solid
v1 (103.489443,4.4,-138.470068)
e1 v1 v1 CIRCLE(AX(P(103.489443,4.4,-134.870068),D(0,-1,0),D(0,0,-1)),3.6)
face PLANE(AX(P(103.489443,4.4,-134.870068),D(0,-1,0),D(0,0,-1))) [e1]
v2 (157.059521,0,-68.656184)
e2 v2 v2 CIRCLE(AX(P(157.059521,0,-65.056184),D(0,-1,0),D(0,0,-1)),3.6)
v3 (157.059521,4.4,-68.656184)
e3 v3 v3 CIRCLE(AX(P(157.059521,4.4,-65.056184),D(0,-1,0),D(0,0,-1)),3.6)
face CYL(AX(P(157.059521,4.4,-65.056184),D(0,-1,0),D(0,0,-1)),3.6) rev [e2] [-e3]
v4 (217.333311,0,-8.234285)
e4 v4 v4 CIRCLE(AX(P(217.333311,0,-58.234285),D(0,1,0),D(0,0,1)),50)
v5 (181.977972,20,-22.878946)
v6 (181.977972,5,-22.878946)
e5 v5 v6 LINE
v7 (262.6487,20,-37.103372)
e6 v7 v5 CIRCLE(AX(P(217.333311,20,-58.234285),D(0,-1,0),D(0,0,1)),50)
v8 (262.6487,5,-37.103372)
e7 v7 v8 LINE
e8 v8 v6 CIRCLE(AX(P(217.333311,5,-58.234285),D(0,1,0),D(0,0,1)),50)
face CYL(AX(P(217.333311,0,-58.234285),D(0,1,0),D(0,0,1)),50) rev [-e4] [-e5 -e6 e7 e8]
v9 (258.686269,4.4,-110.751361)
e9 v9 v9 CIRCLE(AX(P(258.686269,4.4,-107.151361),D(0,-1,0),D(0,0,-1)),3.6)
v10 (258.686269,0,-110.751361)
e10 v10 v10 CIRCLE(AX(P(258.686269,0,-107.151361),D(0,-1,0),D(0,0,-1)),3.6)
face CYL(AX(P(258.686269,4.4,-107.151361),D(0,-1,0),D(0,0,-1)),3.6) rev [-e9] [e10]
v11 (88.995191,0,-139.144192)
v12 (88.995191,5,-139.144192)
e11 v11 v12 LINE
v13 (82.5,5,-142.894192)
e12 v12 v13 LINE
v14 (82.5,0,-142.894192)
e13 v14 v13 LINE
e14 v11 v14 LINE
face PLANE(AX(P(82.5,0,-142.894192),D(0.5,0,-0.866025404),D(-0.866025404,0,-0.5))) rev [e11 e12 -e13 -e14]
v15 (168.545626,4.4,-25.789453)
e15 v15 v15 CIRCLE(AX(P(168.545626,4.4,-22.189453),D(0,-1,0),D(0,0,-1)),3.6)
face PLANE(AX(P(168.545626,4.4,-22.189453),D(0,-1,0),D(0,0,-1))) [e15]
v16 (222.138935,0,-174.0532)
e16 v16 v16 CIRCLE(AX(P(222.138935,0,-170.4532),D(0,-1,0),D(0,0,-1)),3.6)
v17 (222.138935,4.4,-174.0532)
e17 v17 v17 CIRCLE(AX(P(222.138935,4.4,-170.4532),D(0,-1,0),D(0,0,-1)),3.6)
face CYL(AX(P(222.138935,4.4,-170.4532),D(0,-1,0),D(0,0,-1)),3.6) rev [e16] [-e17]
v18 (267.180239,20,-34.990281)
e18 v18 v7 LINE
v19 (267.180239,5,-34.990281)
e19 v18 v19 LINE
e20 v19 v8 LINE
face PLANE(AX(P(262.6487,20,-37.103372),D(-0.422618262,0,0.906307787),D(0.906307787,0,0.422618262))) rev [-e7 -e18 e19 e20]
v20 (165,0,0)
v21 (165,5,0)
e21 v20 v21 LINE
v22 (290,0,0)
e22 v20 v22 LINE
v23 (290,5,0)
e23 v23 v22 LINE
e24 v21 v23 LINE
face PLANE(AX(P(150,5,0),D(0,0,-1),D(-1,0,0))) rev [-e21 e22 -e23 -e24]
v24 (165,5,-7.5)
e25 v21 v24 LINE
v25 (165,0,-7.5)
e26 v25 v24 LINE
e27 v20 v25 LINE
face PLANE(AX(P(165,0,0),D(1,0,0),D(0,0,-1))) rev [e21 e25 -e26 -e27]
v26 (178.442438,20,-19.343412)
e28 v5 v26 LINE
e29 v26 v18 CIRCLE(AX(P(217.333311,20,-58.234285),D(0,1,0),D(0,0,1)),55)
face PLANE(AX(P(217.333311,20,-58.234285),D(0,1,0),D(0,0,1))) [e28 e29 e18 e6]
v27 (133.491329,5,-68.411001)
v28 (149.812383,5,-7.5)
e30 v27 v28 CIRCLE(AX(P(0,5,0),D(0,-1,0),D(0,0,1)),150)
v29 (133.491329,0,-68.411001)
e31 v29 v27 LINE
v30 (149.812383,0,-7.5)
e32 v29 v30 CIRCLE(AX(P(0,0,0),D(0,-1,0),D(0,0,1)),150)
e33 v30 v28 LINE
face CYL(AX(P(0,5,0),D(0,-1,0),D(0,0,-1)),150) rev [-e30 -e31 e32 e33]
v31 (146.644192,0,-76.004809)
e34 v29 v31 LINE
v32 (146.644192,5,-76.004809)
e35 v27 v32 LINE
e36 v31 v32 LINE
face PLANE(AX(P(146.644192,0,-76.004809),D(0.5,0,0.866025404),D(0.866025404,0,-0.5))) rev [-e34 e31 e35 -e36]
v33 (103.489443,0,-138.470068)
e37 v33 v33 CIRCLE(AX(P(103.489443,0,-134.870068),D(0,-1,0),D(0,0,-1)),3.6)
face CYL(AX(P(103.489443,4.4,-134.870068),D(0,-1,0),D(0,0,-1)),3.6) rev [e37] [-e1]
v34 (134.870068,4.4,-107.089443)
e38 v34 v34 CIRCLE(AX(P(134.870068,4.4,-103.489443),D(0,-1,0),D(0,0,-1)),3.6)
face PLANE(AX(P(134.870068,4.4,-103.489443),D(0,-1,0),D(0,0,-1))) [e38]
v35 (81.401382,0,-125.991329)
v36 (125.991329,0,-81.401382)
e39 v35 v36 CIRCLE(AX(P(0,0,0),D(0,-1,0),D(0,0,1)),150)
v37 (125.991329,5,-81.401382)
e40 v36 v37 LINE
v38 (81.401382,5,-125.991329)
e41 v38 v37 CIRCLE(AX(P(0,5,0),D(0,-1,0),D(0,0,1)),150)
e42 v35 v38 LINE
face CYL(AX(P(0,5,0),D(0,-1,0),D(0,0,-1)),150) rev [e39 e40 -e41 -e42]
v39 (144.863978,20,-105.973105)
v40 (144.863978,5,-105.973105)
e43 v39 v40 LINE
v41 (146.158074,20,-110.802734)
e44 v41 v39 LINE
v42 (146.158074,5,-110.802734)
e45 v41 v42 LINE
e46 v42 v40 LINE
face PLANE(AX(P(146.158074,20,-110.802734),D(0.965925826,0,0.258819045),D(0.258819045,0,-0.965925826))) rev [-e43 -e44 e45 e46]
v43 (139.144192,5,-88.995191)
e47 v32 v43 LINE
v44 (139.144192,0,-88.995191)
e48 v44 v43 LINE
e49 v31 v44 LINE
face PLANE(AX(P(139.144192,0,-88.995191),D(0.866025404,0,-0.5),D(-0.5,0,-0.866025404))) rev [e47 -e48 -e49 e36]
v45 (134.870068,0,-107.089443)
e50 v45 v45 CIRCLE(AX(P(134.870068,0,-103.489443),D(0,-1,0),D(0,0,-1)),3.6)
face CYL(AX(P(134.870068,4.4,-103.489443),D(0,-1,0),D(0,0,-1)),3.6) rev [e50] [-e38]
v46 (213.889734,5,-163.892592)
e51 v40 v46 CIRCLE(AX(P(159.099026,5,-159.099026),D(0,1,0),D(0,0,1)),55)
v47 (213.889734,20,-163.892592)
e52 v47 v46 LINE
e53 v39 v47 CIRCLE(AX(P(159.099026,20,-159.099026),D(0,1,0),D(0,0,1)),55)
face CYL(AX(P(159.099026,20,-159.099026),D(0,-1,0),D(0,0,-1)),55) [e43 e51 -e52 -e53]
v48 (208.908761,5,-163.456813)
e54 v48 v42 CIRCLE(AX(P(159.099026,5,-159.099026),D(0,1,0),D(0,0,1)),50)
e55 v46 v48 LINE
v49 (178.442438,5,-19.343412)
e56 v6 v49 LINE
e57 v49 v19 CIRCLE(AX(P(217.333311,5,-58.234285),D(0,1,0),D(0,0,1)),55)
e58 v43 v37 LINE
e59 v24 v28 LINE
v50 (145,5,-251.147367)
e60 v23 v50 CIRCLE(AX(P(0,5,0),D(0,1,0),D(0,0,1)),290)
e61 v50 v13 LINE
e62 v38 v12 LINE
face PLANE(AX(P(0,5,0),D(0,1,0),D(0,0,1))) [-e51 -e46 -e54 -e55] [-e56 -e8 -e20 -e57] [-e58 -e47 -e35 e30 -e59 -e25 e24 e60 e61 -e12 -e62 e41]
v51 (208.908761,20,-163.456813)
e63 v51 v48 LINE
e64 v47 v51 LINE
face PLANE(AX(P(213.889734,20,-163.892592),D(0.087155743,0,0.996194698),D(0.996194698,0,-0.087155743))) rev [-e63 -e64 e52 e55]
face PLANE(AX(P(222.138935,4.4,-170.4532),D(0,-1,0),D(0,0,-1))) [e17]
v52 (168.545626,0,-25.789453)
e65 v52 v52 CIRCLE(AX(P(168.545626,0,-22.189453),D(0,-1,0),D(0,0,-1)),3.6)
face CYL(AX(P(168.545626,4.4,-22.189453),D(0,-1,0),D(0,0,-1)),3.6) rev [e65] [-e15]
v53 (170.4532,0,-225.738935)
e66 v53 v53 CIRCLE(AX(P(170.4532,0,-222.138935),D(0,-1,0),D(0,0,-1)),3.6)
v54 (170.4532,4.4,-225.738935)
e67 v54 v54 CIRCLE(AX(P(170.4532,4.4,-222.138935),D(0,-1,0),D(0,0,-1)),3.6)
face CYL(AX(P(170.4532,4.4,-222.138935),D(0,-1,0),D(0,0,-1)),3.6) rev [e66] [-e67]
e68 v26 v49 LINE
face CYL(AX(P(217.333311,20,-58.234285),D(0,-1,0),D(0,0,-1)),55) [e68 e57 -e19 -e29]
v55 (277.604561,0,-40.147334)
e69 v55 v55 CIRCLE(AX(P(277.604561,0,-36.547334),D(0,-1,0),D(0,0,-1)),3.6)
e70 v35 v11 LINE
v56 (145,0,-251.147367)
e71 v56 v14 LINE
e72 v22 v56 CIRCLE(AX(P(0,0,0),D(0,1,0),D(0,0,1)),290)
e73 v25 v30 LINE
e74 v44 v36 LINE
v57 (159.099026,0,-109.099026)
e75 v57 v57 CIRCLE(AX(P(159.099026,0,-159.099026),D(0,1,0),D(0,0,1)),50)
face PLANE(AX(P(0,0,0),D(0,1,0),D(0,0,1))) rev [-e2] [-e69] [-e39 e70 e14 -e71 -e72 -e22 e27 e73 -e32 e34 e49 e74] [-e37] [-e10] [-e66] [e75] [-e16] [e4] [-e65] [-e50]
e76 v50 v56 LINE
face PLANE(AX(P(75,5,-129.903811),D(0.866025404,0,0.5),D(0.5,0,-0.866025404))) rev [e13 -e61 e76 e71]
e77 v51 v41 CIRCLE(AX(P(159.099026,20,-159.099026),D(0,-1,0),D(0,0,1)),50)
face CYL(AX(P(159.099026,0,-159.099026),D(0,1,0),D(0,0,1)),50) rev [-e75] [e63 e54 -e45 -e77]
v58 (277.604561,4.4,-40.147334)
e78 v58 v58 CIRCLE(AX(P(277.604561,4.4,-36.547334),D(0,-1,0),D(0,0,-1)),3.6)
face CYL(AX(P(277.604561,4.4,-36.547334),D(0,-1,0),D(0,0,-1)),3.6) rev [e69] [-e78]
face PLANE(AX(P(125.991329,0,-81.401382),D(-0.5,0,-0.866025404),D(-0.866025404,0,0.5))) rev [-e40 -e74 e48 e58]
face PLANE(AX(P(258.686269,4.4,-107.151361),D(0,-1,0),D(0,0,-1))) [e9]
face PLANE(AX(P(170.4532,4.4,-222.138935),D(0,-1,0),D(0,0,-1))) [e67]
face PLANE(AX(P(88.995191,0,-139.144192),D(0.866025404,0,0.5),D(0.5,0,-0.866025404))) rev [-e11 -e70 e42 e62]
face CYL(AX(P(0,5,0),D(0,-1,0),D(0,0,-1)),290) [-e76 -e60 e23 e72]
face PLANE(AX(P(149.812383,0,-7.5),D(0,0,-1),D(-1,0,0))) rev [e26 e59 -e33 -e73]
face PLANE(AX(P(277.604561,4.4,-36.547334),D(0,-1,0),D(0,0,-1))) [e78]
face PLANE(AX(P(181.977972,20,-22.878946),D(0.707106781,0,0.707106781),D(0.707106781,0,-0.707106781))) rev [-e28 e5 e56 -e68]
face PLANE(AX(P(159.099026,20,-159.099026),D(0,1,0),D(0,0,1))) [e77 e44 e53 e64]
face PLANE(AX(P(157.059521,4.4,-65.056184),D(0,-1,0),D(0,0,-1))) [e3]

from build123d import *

# Parameters (mm, degrees)
AUFSATZ_LINEAR_AUSTRAGEN1_DEPTH = 5
SKIZZE2_R                       = 50
SCHNITT_LINEAR_AUSTRAGEN1_DEPTH = 384.666521865
AUFSATZ_LINEAR_START            = 15
AUFSATZ_LINEAR_AUSTRAGEN2_DEPTH = 15
SKIZZE4_R                       = 3.6
SCHNITT_LINEAR_AUSTRAGEN2_DEPTH = 4.4
SCHNITT_LINEAR_AUSTRAGEN3_DEPTH = 384.927076409


with BuildPart() as part:
    # Skizze1 → Aufsatz-Linear austragen1 (new body)
    with BuildSketch(Plane(origin=(0, 0, 0), x_dir=(1, 0, 0), z_dir=(0, 1, 0))):
        with BuildLine():
            Line((150, 0), (290, 0))
            ThreePointArc((290, 0), (251.147367097, 145), (145, 251.147367097))
            Line((145, 251.147367097), (75, 129.903810568))
            ThreePointArc((75, 129.903810568), (129.903810568, 75), (150, 0))
        make_face()
    extrude(amount=AUFSATZ_LINEAR_AUSTRAGEN1_DEPTH)

    # Skizze2 → Schnitt-Linear austragen1 (cut, through all)
    with BuildSketch(Plane(origin=(0, 5, 0), x_dir=(1, 0, 0), z_dir=(0, 1, 0))):
        with Locations(Location((217.333310915, 58.234285148, 0), (0, 0, 270))):
            Circle(SKIZZE2_R)
        with Locations(Location((159.099025767, 159.099025767, 0), (0, 0, 270))):
            Circle(SKIZZE2_R)
    extrude(amount=-SCHNITT_LINEAR_AUSTRAGEN1_DEPTH, mode=Mode.SUBTRACT)

    # Skizze3 → Aufsatz-Linear austragen2 (add)
    with BuildSketch(Plane(origin=(0, 5, 0), x_dir=(1, 0, 0), z_dir=(0, 1, 0)).offset(AUFSATZ_LINEAR_START)):
        with BuildLine():
            Line((146.158073512, 110.802734453), (144.863978286, 105.973105321))
            ThreePointArc((144.863978286, 105.973105321), (194.4523443, 116.966581395), (213.889734162, 163.892591618))
            Line((213.889734162, 163.892591618), (208.908760672, 163.456812904))
            ThreePointArc((208.908760672, 163.456812904), (191.238406251, 120.796803611), (146.158073512, 110.802734453))
        make_face()
        with BuildLine():
            Line((181.977971856, 22.878946089), (178.44243795, 19.343412183))
            ThreePointArc((178.44243795, 19.343412183), (226.883960687, 4.069858732), (267.180239202, 34.990280752))
            Line((267.180239202, 34.990280752), (262.648700267, 37.103372061))
            ThreePointArc((262.648700267, 37.103372061), (226.015719798, 8.993897497), (181.977971856, 22.878946089))
        make_face()
    extrude(amount=-AUFSATZ_LINEAR_AUSTRAGEN2_DEPTH)

    # Skizze4 → Schnitt-Linear austragen2 (cut)
    with BuildSketch(Plane.XZ):
        with Locations(Location((277.604561185, -36.547333822, 0), (0, 0, 270))):
            Circle(SKIZZE4_R)
        with Locations(Location((258.686269103, -107.151361062, 0), (0, 0, 270))):
            Circle(SKIZZE4_R)
        with Locations(Location((222.138935282, -170.453200122, 0), (0, 0, 270))):
            Circle(SKIZZE4_R)
        with Locations(Location((170.453200122, -222.138935282, 0), (0, 0, 270))):
            Circle(SKIZZE4_R)
        with Locations(Location((103.489442931, -134.87006785, 0), (0, 0, 270))):
            Circle(SKIZZE4_R)
        with Locations(Location((134.87006785, -103.489442931, 0), (0, 0, 270))):
            Circle(SKIZZE4_R)
        with Locations(Location((168.545626434, -22.189452677, 0), (0, 0, 270))):
            Circle(SKIZZE4_R)
        with Locations(Location((157.059520527, -65.056183502, 0), (0, 0, 270))):
            Circle(SKIZZE4_R)
    extrude(amount=-SCHNITT_LINEAR_AUSTRAGEN2_DEPTH, mode=Mode.SUBTRACT)

    # Skizze5 → Schnitt-Linear austragen3 (cut, through all)
    with BuildSketch(Plane(origin=(0, 5, 0), x_dir=(1, 0, 0), z_dir=(0, 1, 0))):
        with BuildLine():
            Line((75, 129.903810568), (82.5, 142.894191624))
            Line((82.5, 142.894191624), (88.995190528, 139.144191624))
            Line((88.995190528, 139.144191624), (81.401381861, 125.99132919))
            ThreePointArc((81.401381861, 125.99132919), (78.225155415, 127.987597291), (75, 129.903810568))
        make_face()
        with BuildLine():
            Line((150, 0), (165, 0))
            Line((165, 0), (165, 7.5))
            Line((165, 7.5), (149.812382666, 7.5))
            ThreePointArc((149.812382666, 7.5), (149.953088331, 3.751173159), (150, 0))
        make_face()
        with BuildLine():
            Line((125.99132919, 81.401381861), (139.144191624, 88.995190528))
            Line((139.144191624, 88.995190528), (146.644191624, 76.004809472))
            Line((146.644191624, 76.004809472), (133.49132919, 68.411000805))
            ThreePointArc((133.49132919, 68.411000805), (129.903810568, 75), (125.99132919, 81.401381861))
        make_face()
    extrude(amount=-SCHNITT_LINEAR_AUSTRAGEN3_DEPTH, mode=Mode.SUBTRACT)


solid = part.part
